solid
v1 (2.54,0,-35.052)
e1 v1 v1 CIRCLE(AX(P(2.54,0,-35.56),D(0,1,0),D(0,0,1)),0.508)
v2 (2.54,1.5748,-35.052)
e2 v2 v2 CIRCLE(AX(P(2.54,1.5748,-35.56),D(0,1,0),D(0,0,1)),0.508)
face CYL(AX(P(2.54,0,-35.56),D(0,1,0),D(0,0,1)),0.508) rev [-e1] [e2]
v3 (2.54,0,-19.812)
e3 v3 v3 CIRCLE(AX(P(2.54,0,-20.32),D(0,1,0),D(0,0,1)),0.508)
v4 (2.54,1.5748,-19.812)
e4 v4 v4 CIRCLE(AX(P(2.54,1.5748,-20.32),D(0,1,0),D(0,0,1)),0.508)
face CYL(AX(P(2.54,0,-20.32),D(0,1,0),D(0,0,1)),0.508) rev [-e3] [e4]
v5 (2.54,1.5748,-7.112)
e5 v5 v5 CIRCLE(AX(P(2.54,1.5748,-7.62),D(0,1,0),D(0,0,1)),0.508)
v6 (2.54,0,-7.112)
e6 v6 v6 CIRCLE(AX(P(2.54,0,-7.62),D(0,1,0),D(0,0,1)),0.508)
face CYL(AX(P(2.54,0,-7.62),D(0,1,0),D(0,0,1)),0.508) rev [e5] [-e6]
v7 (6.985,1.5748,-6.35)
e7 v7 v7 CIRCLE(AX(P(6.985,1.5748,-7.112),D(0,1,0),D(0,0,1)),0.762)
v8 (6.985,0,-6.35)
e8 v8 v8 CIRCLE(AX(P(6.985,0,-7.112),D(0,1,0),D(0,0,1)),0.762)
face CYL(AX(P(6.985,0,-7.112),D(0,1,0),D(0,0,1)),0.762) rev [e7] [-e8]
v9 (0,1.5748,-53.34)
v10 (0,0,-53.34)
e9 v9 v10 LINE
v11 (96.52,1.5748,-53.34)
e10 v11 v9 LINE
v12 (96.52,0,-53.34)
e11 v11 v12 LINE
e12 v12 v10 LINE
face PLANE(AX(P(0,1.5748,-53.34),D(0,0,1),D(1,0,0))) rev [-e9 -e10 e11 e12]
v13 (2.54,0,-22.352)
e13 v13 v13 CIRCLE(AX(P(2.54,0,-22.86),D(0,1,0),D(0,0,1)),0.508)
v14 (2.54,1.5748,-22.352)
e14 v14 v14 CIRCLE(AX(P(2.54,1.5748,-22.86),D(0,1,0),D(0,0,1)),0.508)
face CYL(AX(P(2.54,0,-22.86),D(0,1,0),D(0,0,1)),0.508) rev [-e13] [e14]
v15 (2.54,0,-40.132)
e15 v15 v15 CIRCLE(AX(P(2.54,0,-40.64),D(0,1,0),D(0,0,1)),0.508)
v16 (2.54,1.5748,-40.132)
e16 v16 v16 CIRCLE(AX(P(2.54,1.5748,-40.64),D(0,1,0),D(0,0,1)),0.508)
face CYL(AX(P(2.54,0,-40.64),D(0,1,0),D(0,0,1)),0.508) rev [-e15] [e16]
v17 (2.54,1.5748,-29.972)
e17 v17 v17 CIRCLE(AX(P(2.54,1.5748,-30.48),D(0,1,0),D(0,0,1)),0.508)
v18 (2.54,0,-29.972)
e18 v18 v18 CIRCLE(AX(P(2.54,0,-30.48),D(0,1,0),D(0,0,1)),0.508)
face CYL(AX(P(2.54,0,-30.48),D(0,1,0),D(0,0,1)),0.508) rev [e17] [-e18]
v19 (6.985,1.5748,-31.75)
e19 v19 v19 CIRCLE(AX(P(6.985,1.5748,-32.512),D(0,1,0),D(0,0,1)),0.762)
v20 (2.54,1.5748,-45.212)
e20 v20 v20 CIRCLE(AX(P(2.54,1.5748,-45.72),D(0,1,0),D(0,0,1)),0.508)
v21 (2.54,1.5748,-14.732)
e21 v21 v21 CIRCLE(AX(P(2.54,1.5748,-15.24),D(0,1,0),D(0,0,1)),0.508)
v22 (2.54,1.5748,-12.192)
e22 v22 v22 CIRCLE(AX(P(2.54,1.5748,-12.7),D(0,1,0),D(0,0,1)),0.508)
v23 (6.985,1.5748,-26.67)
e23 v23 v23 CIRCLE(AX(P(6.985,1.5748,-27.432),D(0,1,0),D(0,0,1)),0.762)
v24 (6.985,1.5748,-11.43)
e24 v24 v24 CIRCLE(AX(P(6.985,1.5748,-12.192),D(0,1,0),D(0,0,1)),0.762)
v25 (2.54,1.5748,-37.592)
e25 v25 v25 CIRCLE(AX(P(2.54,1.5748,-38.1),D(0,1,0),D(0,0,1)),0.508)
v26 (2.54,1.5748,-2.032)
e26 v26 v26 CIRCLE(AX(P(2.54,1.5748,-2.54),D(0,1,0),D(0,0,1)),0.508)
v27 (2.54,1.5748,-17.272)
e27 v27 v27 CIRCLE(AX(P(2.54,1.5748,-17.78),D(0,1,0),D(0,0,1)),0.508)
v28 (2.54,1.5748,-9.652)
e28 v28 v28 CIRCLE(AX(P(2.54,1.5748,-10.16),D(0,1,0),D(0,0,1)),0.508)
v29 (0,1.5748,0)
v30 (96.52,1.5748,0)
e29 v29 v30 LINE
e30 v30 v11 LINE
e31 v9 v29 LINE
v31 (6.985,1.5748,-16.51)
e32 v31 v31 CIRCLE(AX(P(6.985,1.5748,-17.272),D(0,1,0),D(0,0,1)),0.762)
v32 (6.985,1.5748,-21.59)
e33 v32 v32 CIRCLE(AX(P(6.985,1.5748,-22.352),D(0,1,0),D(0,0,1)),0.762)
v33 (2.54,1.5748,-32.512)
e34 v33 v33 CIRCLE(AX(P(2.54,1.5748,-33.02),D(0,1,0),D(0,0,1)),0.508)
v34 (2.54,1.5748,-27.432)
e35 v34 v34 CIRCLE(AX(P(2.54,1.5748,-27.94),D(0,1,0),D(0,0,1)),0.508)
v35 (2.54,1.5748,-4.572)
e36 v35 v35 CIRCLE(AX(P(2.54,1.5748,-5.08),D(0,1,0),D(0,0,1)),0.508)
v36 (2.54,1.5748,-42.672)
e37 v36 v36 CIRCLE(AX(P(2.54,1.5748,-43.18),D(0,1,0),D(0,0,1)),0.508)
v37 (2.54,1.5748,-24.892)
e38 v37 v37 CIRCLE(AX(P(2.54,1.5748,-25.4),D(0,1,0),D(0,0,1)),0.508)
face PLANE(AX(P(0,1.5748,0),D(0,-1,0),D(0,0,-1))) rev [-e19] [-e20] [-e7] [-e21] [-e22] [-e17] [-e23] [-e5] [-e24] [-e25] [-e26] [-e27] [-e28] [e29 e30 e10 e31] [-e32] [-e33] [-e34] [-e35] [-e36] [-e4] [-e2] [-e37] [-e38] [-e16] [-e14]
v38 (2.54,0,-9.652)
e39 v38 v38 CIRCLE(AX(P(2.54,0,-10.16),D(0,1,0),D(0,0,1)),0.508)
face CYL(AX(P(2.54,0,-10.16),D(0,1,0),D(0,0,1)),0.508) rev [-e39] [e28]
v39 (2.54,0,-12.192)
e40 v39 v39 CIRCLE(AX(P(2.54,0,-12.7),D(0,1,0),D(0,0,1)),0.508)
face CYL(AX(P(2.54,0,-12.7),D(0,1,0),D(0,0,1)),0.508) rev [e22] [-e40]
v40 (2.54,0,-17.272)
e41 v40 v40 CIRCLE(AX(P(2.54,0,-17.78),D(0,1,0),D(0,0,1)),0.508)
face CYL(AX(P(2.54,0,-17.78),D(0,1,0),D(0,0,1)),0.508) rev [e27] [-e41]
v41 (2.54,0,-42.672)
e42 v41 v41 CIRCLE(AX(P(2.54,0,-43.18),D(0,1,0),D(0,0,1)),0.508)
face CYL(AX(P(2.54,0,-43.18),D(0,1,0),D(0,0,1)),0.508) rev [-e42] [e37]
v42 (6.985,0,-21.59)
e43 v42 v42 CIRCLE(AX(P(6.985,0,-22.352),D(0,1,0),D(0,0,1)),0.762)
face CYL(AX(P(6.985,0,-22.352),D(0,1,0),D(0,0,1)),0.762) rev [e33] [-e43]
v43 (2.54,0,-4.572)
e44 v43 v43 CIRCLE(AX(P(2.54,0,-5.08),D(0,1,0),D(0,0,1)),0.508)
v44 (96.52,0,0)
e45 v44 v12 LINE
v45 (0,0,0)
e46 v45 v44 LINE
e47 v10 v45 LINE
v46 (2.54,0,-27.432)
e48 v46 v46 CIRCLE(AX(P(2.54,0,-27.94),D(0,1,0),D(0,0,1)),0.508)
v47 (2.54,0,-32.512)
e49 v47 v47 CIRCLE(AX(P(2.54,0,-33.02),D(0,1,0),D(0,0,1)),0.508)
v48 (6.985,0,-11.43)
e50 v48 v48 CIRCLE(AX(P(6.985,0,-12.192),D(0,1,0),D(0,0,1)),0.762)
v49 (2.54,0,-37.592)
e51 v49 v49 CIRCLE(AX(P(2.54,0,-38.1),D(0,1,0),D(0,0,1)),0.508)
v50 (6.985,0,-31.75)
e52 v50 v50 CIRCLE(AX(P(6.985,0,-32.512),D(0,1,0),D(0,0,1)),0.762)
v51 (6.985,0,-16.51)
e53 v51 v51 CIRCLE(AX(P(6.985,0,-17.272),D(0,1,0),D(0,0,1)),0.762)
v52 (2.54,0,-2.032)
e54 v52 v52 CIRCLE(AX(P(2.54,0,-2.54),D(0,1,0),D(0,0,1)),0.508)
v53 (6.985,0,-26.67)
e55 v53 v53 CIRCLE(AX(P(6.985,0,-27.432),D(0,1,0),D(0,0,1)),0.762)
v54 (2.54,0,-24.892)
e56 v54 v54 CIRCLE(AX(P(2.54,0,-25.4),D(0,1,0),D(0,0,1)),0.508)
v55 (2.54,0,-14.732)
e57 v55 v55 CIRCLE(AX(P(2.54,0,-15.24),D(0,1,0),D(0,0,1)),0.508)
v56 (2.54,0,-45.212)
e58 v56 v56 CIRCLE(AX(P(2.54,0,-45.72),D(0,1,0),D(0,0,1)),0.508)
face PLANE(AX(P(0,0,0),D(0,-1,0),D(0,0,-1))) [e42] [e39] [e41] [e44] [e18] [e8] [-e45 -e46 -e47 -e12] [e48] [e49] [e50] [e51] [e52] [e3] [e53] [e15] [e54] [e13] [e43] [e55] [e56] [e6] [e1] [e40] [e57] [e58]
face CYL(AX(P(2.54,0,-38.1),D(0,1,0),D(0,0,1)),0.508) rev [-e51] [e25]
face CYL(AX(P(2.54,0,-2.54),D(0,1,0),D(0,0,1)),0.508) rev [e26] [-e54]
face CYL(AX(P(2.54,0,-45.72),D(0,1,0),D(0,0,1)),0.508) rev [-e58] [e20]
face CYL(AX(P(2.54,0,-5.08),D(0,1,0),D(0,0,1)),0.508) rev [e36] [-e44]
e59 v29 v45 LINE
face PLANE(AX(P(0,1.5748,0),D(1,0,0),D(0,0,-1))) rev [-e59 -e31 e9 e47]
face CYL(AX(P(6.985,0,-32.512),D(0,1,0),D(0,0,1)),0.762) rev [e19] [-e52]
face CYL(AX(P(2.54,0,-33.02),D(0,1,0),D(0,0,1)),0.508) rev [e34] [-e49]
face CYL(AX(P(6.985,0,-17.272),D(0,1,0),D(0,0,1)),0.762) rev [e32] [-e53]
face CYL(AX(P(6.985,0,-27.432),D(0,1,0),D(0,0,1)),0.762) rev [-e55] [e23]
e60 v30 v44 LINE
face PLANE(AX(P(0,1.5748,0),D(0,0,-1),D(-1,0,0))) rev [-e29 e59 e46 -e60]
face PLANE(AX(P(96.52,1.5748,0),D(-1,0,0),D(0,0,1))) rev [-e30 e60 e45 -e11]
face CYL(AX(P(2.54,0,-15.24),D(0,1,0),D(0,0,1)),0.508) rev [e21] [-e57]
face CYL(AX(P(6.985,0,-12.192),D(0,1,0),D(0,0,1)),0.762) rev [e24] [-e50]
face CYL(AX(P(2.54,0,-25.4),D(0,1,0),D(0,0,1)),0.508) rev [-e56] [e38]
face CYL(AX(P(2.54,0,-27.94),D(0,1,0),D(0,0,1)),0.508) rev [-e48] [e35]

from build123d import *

# Parameters (mm, degrees)
SKETCH1_W           = 96.52
SKETCH1_H           = 53.34
BOSS_EXTRUDE1_DEPTH = 1.5748
SKETCH2_R           = 0.508
SKETCH2_R_2         = 0.762
CUT_EXTRUDE1_DEPTH  = 111.289373899


with BuildPart() as part:
    # Sketch1 → Boss-Extrude1 (new body)
    with BuildSketch(Plane(origin=(0, 0, 0), x_dir=(1, 0, 0), z_dir=(0, 1, 0))):
        with Locations((48.26, 26.67)):
            Rectangle(SKETCH1_W, SKETCH1_H)
    extrude(amount=BOSS_EXTRUDE1_DEPTH)

    # Sketch2 → Cut-Extrude1 (cut, through all)
    with BuildSketch(Plane(origin=(0, 1.5748, 0), x_dir=(1, 0, 0), z_dir=(0, 1, 0))):
        with Locations(Location((2.54, 2.54, 0), (0, 0, 270))):
            Circle(SKETCH2_R)
        with Locations(Location((2.54, 5.08, 0), (0, 0, 270))):
            Circle(SKETCH2_R)
        with Locations(Location((2.54, 7.62, 0), (0, 0, 270))):
            Circle(SKETCH2_R)
        with Locations(Location((2.54, 10.16, 0), (0, 0, 270))):
            Circle(SKETCH2_R)
        with Locations(Location((2.54, 12.7, 0), (0, 0, 270))):
            Circle(SKETCH2_R)
        with Locations(Location((2.54, 15.24, 0), (0, 0, 270))):
            Circle(SKETCH2_R)
        with Locations(Location((2.54, 17.78, 0), (0, 0, 270))):
            Circle(SKETCH2_R)
        with Locations(Location((2.54, 20.32, 0), (0, 0, 270))):
            Circle(SKETCH2_R)
        with Locations(Location((2.54, 22.86, 0), (0, 0, 270))):
            Circle(SKETCH2_R)
        with Locations(Location((2.54, 25.4, 0), (0, 0, 270))):
            Circle(SKETCH2_R)
        with Locations(Location((2.54, 27.94, 0), (0, 0, 270))):
            Circle(SKETCH2_R)
        with Locations(Location((2.54, 30.48, 0), (0, 0, 270))):
            Circle(SKETCH2_R)
        with Locations(Location((2.54, 33.02, 0), (0, 0, 270))):
            Circle(SKETCH2_R)
        with Locations(Location((2.54, 35.56, 0), (0, 0, 270))):
            Circle(SKETCH2_R)
        with Locations(Location((2.54, 38.1, 0), (0, 0, 270))):
            Circle(SKETCH2_R)
        with Locations(Location((2.54, 40.64, 0), (0, 0, 270))):
            Circle(SKETCH2_R)
        with Locations(Location((2.54, 43.18, 0), (0, 0, 270))):
            Circle(SKETCH2_R)
        with Locations(Location((2.54, 45.72, 0), (0, 0, 270))):
            Circle(SKETCH2_R)
        with Locations(Location((6.985, 7.112, 0), (0, 0, 270))):
            Circle(SKETCH2_R_2)
        with Locations(Location((6.985, 12.192, 0), (0, 0, 270))):
            Circle(SKETCH2_R_2)
        with Locations(Location((6.985, 17.272, 0), (0, 0, 270))):
            Circle(SKETCH2_R_2)
        with Locations(Location((6.985, 22.352, 0), (0, 0, 270))):
            Circle(SKETCH2_R_2)
        with Locations(Location((6.985, 27.432, 0), (0, 0, 270))):
            Circle(SKETCH2_R_2)
        with Locations(Location((6.985, 32.512, 0), (0, 0, 270))):
            Circle(SKETCH2_R_2)
    extrude(amount=-CUT_EXTRUDE1_DEPTH, mode=Mode.SUBTRACT)


solid = part.part
